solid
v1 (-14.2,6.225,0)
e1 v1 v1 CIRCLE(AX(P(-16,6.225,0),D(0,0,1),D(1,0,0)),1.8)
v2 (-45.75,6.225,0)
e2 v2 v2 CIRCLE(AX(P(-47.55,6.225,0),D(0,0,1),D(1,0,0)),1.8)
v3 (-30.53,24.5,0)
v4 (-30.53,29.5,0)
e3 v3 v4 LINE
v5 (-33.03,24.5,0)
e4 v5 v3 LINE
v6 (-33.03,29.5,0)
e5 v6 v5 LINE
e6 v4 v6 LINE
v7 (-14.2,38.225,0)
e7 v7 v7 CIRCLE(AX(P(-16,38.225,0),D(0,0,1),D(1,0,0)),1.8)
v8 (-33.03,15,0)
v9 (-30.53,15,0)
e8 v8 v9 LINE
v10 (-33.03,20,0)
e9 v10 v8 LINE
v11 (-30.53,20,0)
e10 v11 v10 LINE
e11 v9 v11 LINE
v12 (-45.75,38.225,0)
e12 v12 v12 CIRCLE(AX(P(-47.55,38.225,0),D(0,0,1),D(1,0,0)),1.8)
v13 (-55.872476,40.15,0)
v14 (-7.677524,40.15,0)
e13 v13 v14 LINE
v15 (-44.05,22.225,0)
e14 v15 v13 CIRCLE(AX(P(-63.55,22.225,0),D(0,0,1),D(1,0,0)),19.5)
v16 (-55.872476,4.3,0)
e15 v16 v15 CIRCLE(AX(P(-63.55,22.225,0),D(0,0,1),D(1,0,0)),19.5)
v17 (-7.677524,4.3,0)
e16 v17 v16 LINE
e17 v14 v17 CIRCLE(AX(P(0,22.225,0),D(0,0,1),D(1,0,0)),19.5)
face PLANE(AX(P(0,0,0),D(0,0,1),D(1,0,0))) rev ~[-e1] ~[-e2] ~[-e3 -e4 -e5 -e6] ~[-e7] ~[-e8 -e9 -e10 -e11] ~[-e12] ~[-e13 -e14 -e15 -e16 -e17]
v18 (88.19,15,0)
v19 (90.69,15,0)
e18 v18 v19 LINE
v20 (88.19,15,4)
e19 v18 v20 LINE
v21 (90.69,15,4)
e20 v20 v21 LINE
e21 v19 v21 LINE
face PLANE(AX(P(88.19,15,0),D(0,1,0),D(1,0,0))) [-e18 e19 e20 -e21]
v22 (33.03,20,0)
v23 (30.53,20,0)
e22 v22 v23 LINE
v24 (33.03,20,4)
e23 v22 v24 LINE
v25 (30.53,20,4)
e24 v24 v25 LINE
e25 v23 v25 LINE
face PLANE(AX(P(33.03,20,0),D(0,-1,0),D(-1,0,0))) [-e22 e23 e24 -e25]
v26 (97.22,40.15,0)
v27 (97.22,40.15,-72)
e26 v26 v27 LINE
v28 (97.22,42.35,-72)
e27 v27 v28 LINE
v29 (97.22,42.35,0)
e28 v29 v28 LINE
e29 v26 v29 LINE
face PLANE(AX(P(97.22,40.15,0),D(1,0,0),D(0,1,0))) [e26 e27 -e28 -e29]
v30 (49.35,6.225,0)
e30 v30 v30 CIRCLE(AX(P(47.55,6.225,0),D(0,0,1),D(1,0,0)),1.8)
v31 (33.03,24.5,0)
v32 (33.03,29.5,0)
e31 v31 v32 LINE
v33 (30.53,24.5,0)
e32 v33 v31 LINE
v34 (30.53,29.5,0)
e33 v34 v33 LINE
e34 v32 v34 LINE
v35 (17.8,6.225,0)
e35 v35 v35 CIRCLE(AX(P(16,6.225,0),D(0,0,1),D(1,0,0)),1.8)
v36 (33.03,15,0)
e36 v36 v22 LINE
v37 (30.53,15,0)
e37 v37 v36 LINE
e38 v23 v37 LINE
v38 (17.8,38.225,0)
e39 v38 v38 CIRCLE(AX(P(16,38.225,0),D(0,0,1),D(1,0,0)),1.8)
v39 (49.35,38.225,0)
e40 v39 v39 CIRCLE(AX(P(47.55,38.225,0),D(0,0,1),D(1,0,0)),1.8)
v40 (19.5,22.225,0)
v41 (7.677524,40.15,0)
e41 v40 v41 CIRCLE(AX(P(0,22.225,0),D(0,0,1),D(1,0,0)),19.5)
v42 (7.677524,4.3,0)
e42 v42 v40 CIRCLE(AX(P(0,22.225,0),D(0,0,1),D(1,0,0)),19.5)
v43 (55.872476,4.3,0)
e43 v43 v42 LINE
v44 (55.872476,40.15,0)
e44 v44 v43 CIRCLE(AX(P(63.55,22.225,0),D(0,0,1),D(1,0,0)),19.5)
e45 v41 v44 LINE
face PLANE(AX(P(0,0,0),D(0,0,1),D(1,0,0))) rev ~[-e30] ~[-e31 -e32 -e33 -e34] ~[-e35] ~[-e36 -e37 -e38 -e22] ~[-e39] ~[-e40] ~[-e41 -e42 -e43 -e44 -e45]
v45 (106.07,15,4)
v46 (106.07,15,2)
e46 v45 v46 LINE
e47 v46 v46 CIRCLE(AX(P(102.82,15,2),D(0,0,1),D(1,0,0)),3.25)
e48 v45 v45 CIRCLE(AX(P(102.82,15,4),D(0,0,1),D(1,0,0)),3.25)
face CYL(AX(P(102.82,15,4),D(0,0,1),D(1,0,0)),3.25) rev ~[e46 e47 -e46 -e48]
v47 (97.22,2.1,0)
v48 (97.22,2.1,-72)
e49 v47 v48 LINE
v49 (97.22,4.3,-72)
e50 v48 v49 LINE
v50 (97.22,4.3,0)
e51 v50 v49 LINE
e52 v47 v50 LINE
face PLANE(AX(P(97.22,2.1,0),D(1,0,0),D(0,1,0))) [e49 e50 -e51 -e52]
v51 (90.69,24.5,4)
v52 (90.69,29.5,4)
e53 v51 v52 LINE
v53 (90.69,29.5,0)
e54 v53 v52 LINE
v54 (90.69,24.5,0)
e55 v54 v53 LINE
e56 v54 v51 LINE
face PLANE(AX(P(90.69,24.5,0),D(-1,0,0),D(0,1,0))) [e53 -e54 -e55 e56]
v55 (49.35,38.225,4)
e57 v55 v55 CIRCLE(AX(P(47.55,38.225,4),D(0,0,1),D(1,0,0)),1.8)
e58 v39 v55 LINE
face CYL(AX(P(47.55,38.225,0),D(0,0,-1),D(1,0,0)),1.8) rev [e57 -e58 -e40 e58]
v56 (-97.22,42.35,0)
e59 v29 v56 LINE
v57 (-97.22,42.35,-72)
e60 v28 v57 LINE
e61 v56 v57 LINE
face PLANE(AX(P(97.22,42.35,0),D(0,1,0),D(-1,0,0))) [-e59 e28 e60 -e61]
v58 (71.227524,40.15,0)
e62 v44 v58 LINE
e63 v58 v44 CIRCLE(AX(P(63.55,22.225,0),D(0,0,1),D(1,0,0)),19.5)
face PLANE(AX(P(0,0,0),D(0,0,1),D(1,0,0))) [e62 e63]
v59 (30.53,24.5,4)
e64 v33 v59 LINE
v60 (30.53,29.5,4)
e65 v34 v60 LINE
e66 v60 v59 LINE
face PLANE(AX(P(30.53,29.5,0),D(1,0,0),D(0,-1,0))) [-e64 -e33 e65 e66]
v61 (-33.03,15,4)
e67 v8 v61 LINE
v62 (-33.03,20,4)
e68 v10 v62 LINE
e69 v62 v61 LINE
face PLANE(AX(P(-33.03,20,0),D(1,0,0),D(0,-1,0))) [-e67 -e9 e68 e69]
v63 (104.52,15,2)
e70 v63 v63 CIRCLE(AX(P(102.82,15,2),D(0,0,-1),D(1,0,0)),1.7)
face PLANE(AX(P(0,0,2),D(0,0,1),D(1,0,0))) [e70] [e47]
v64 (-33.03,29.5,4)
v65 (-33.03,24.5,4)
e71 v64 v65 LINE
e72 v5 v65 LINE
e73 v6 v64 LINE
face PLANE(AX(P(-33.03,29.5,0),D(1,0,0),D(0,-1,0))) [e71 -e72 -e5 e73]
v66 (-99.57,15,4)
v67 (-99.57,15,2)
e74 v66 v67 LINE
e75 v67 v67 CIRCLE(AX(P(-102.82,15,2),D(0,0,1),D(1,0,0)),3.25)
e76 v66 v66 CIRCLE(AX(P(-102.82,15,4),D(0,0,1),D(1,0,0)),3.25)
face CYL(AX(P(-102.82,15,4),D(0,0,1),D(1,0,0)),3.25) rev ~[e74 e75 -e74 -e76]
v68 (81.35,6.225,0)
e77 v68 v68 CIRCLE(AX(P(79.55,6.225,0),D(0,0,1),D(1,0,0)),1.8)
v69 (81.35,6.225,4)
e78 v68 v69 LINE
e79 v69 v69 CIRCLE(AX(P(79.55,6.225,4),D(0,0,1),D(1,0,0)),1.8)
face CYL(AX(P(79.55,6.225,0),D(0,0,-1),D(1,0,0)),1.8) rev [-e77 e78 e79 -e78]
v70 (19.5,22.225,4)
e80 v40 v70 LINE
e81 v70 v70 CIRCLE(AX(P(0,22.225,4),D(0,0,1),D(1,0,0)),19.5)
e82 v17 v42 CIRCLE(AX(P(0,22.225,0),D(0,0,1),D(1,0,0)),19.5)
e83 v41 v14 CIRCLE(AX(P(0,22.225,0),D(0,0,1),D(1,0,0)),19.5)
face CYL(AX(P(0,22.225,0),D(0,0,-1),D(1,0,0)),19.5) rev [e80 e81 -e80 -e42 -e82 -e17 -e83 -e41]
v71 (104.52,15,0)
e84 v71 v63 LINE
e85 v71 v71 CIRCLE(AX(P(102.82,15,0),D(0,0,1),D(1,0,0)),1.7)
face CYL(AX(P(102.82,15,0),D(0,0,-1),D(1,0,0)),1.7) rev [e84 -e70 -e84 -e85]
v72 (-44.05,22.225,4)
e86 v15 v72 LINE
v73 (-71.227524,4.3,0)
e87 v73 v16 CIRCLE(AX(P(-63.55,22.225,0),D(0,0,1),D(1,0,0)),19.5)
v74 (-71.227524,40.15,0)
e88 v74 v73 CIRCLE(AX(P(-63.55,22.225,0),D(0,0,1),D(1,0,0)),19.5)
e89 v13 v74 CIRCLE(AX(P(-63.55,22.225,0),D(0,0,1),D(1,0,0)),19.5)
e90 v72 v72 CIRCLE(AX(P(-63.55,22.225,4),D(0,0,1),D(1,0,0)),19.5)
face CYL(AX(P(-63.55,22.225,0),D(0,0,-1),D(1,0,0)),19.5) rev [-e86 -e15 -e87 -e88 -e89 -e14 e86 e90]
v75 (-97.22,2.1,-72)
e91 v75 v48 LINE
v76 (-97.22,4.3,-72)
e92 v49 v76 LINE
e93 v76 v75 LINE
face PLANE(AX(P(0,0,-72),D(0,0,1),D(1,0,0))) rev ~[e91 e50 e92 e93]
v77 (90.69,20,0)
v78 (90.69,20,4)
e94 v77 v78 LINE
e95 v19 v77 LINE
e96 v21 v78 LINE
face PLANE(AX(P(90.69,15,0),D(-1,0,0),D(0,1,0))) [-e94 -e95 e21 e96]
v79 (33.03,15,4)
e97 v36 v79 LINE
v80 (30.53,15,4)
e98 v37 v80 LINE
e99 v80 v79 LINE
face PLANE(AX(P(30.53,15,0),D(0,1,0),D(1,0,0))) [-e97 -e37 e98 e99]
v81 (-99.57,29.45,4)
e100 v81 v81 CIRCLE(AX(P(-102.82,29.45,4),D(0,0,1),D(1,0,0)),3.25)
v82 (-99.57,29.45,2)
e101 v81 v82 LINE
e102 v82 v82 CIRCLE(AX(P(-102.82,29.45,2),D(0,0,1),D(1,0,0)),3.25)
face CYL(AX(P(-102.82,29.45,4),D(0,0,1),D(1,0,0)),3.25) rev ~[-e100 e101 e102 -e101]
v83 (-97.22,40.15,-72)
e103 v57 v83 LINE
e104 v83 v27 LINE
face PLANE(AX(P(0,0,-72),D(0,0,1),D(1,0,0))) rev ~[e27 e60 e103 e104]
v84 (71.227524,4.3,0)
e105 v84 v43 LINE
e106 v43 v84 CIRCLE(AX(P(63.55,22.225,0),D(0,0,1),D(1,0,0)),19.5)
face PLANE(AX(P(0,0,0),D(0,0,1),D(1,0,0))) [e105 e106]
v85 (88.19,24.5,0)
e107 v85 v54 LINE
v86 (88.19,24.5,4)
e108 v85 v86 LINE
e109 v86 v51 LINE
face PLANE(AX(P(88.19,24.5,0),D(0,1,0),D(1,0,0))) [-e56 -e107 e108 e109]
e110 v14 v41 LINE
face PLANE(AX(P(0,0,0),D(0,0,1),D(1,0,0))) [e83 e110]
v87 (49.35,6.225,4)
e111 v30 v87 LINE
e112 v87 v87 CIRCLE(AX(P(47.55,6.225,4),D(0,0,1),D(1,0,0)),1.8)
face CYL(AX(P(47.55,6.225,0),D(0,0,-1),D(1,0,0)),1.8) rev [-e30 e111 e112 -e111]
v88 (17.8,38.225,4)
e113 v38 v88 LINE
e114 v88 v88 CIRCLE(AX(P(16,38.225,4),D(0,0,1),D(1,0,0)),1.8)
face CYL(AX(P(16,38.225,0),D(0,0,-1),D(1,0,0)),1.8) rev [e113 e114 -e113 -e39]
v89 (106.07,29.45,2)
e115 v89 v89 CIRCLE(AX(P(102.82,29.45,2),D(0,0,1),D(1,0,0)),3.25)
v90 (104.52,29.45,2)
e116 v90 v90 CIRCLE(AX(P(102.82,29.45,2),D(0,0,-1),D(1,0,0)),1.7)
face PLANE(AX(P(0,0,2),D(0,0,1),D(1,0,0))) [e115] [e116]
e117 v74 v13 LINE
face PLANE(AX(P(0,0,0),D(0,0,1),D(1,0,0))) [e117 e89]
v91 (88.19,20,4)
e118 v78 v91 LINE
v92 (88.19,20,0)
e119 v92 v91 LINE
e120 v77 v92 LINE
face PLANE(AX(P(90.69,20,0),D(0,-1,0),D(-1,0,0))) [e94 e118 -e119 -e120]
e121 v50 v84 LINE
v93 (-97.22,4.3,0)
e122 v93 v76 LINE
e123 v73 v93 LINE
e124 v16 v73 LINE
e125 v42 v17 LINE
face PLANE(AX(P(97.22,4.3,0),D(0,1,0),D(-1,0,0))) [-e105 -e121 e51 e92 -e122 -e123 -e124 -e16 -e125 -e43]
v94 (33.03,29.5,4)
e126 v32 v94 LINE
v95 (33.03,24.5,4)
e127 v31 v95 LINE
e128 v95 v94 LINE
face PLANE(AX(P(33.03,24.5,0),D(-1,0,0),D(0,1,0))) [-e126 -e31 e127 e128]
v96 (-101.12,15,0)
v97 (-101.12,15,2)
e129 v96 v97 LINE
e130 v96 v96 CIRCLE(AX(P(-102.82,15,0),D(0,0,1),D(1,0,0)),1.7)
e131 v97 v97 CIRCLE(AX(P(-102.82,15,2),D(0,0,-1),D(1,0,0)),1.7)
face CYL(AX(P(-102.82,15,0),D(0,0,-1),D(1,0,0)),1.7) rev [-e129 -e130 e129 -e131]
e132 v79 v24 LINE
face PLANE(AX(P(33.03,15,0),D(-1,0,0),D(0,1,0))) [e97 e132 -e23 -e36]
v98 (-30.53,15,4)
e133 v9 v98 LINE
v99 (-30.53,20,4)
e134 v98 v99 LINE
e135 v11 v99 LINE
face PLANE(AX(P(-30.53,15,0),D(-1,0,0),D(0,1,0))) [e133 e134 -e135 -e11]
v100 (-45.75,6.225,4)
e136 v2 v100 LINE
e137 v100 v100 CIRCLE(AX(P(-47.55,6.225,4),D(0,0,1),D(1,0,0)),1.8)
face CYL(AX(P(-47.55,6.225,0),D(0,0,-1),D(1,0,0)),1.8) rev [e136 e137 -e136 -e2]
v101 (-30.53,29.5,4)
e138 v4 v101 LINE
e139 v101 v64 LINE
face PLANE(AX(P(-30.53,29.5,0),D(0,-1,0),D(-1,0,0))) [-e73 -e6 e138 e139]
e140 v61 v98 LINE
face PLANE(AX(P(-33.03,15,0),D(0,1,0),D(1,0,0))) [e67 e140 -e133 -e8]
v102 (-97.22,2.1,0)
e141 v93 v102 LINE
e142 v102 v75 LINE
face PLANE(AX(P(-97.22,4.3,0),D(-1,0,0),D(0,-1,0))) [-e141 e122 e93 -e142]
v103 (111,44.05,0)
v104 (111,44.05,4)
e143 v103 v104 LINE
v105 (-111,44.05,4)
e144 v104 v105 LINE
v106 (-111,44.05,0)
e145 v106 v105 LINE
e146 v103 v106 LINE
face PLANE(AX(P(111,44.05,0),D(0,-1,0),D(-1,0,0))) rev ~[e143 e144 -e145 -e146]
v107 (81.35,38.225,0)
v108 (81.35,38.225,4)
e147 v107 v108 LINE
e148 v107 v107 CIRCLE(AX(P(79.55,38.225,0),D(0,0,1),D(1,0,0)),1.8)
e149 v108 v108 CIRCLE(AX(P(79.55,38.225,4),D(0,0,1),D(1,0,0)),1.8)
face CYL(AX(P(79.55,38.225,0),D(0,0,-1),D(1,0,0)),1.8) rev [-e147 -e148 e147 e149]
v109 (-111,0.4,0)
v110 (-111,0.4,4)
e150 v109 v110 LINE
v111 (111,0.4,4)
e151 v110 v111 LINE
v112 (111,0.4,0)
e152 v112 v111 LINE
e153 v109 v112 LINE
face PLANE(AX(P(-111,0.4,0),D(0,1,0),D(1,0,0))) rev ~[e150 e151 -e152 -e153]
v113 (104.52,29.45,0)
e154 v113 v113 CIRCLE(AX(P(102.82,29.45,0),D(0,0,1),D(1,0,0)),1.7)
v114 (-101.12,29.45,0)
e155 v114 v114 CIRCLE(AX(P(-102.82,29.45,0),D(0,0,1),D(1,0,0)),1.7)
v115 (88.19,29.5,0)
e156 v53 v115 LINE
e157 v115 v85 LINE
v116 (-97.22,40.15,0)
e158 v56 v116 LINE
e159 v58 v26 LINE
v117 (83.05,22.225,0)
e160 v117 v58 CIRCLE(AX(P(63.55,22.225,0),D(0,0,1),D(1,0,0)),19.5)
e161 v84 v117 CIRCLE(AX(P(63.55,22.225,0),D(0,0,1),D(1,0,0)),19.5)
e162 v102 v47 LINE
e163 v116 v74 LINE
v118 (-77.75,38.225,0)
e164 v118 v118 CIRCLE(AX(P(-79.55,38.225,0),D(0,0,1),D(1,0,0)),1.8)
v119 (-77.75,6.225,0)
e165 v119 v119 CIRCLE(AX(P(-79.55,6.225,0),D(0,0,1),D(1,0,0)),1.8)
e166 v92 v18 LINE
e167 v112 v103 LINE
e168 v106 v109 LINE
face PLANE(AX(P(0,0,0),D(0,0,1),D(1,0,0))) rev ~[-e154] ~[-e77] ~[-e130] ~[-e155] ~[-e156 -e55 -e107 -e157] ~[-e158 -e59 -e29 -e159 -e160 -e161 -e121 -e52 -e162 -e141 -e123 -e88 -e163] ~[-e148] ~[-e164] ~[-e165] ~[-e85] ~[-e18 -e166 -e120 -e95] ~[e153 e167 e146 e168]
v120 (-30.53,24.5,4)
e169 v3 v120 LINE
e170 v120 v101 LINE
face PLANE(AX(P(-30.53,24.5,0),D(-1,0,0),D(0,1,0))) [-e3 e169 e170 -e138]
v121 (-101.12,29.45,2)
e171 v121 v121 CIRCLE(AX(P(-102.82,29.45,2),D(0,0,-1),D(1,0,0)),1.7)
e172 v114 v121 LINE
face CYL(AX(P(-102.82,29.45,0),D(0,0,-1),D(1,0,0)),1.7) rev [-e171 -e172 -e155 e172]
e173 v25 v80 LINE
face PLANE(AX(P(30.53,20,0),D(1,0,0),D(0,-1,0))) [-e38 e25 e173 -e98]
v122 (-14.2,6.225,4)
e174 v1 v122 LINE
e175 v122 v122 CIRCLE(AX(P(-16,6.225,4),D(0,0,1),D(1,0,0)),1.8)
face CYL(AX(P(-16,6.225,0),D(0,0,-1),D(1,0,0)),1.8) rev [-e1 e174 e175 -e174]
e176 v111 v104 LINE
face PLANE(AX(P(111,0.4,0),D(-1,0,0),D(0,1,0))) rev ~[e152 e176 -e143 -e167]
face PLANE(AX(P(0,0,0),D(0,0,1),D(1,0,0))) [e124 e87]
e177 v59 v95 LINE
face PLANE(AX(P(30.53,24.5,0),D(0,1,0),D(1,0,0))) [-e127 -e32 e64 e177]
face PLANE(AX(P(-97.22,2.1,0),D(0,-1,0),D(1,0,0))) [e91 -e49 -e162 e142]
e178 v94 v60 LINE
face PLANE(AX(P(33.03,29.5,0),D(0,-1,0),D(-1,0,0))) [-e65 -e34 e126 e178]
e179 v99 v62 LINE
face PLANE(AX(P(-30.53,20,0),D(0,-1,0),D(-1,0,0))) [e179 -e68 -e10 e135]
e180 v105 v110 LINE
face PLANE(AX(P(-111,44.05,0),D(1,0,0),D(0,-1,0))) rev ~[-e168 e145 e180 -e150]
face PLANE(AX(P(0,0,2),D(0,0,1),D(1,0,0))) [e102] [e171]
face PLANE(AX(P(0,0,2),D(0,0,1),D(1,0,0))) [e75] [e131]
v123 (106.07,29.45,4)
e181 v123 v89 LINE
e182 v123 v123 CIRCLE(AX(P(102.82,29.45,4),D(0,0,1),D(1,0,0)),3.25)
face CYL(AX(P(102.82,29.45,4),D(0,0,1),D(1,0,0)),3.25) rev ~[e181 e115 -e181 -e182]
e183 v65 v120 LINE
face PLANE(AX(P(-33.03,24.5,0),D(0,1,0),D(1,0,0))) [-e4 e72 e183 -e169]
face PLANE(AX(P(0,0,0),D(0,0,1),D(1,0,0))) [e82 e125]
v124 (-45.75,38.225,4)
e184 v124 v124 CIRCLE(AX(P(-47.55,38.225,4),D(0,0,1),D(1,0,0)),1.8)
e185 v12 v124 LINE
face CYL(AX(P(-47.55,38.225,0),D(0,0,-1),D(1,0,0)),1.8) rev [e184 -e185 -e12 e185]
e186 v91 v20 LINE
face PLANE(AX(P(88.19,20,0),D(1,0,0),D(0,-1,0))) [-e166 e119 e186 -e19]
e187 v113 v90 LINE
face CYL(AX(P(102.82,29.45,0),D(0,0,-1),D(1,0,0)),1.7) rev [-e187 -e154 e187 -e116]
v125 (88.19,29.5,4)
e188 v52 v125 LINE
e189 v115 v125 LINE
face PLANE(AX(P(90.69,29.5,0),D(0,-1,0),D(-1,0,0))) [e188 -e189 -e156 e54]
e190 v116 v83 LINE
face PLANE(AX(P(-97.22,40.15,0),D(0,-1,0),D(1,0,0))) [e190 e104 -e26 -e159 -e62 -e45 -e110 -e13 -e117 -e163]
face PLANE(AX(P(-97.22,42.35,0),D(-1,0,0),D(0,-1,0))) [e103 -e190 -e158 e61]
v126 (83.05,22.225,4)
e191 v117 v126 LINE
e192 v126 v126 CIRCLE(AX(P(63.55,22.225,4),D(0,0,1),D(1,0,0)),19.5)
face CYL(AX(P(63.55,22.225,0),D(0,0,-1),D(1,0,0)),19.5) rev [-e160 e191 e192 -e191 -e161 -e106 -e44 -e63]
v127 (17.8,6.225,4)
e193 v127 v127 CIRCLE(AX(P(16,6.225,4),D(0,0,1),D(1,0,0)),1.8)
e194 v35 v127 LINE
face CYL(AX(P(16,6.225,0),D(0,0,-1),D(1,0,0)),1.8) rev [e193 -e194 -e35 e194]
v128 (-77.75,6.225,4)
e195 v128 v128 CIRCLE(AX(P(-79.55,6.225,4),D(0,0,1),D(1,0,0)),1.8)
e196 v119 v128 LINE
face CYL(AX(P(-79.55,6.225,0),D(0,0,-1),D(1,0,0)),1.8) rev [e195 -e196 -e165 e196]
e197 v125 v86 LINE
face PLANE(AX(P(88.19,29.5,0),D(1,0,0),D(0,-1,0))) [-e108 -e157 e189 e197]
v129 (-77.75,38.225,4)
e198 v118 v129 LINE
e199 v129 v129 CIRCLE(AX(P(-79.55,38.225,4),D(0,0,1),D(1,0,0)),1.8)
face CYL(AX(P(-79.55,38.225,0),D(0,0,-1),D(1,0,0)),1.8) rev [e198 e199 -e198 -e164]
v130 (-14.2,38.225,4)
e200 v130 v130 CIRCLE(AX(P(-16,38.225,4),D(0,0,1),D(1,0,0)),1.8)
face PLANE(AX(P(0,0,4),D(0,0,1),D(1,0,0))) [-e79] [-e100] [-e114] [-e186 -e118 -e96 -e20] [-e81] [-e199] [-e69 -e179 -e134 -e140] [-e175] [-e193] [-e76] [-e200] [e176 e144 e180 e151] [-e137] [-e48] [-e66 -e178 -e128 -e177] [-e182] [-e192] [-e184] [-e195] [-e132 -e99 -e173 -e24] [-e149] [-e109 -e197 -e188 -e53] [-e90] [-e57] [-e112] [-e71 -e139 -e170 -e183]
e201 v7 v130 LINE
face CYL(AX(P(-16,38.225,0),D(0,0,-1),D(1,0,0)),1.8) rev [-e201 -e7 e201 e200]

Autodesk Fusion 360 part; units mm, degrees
sketch "Plate" plane through (0, 0, 0) normal (0, 0, 1) x (1, 0, 0)
  line L0 (-111, 0.4) -> (111, 0.4)
  line L1 (111, 0.4) -> (111, 44.05)
  line L2 (111, 44.05) -> (-111, 44.05)
  line L3 (-111, 44.05) -> (-111, 0.4)
extrude "Plate (1)" add sketch "Plate" along normal blind 4
sketch "Duct walls" plane through (0, 0, 0) normal (0, 0, 1) x (1, 0, 0)
  line L0 (-97.22, 2.1) -> (97.22, 2.1)
  line L1 (97.22, 2.1) -> (97.22, 4.3)
  line L2 (97.22, 4.3) -> (-97.22, 4.3)
  line L3 (-97.22, 4.3) -> (-97.22, 2.1)
  line L4 (-97.22, 40.15) -> (97.22, 40.15)
  line L5 (97.22, 40.15) -> (97.22, 42.35)
  line L6 (97.22, 42.35) -> (-97.22, 42.35)
  line L7 (-97.22, 42.35) -> (-97.22, 40.15)
extrude "Duct walls (1)" add sketch "Duct walls" against normal blind 72
sketch "Openings and holes" plane through (0, 0, 0) normal (0, 0, 1) x (1, 0, 0)
  circle A0 centre (-63.55, 22.225) radius 19.5
  circle A1 centre (-79.55, 6.225) radius 1.8
  circle A2 centre (-79.55, 38.225) radius 1.8
  circle A3 centre (-47.55, 6.225) radius 1.8
  circle A4 centre (-47.55, 38.225) radius 1.8
  circle A5 centre (0, 22.225) radius 19.5
  circle A6 centre (-16, 6.225) radius 1.8
  circle A7 centre (-16, 38.225) radius 1.8
  circle A8 centre (16, 6.225) radius 1.8
  circle A9 centre (16, 38.225) radius 1.8
  circle A10 centre (63.55, 22.225) radius 19.5
  circle A11 centre (47.55, 6.225) radius 1.8
  circle A12 centre (47.55, 38.225) radius 1.8
  circle A13 centre (79.55, 6.225) radius 1.8
  circle A14 centre (79.55, 38.225) radius 1.8
  circle A15 centre (-102.82, 15) radius 1.7
  circle A16 centre (-102.82, 29.45) radius 1.7
  circle A17 centre (102.82, 15) radius 1.7
  circle A18 centre (102.82, 29.45) radius 1.7
extrude "Openings and holes (1)" cut sketch "Openings and holes" along normal blind 4
sketch "Tie slots" plane through (0, 0, 0) normal (0, 0, 1) x (1, 0, 0)
  line L0 (-33.03, 15) -> (-30.53, 15)
  line L1 (-30.53, 15) -> (-30.53, 20)
  line L2 (-30.53, 20) -> (-33.03, 20)
  line L3 (-33.03, 20) -> (-33.03, 15)
  line L4 (-33.03, 24.5) -> (-30.53, 24.5)
  line L5 (-30.53, 24.5) -> (-30.53, 29.5)
  line L6 (-30.53, 29.5) -> (-33.03, 29.5)
  line L7 (-33.03, 29.5) -> (-33.03, 24.5)
  line L8 (30.53, 15) -> (33.03, 15)
  line L9 (33.03, 15) -> (33.03, 20)
  line L10 (33.03, 20) -> (30.53, 20)
  line L11 (30.53, 20) -> (30.53, 15)
  line L12 (30.53, 24.5) -> (33.03, 24.5)
  line L13 (33.03, 24.5) -> (33.03, 29.5)
  line L14 (33.03, 29.5) -> (30.53, 29.5)
  line L15 (30.53, 29.5) -> (30.53, 24.5)
  line L16 (88.19, 15) -> (90.69, 15)
  line L17 (90.69, 15) -> (90.69, 20)
  line L18 (90.69, 20) -> (88.19, 20)
  line L19 (88.19, 20) -> (88.19, 15)
  line L20 (88.19, 24.5) -> (90.69, 24.5)
  line L21 (90.69, 24.5) -> (90.69, 29.5)
  line L22 (90.69, 29.5) -> (88.19, 29.5)
  line L23 (88.19, 29.5) -> (88.19, 24.5)
extrude "Tie slots (1)" cut sketch "Tie slots" along normal blind 4
ref_plane "WorkPlane1" through (0, 0, 4) normal (0, 0, 1) x (1, 0, 0)
sketch "Head counterbores" plane through (0, 0, 4) normal (0, 0, 1) x (1, 0, 0)
  circle A0 centre (-102.82, 15) radius 3.25
  circle A1 centre (-102.82, 29.45) radius 3.25
  circle A2 centre (102.82, 15) radius 3.25
  circle A3 centre (102.82, 29.45) radius 3.25
extrude "Head counterbores (1)" cut sketch "Head counterbores" against normal blind 2
